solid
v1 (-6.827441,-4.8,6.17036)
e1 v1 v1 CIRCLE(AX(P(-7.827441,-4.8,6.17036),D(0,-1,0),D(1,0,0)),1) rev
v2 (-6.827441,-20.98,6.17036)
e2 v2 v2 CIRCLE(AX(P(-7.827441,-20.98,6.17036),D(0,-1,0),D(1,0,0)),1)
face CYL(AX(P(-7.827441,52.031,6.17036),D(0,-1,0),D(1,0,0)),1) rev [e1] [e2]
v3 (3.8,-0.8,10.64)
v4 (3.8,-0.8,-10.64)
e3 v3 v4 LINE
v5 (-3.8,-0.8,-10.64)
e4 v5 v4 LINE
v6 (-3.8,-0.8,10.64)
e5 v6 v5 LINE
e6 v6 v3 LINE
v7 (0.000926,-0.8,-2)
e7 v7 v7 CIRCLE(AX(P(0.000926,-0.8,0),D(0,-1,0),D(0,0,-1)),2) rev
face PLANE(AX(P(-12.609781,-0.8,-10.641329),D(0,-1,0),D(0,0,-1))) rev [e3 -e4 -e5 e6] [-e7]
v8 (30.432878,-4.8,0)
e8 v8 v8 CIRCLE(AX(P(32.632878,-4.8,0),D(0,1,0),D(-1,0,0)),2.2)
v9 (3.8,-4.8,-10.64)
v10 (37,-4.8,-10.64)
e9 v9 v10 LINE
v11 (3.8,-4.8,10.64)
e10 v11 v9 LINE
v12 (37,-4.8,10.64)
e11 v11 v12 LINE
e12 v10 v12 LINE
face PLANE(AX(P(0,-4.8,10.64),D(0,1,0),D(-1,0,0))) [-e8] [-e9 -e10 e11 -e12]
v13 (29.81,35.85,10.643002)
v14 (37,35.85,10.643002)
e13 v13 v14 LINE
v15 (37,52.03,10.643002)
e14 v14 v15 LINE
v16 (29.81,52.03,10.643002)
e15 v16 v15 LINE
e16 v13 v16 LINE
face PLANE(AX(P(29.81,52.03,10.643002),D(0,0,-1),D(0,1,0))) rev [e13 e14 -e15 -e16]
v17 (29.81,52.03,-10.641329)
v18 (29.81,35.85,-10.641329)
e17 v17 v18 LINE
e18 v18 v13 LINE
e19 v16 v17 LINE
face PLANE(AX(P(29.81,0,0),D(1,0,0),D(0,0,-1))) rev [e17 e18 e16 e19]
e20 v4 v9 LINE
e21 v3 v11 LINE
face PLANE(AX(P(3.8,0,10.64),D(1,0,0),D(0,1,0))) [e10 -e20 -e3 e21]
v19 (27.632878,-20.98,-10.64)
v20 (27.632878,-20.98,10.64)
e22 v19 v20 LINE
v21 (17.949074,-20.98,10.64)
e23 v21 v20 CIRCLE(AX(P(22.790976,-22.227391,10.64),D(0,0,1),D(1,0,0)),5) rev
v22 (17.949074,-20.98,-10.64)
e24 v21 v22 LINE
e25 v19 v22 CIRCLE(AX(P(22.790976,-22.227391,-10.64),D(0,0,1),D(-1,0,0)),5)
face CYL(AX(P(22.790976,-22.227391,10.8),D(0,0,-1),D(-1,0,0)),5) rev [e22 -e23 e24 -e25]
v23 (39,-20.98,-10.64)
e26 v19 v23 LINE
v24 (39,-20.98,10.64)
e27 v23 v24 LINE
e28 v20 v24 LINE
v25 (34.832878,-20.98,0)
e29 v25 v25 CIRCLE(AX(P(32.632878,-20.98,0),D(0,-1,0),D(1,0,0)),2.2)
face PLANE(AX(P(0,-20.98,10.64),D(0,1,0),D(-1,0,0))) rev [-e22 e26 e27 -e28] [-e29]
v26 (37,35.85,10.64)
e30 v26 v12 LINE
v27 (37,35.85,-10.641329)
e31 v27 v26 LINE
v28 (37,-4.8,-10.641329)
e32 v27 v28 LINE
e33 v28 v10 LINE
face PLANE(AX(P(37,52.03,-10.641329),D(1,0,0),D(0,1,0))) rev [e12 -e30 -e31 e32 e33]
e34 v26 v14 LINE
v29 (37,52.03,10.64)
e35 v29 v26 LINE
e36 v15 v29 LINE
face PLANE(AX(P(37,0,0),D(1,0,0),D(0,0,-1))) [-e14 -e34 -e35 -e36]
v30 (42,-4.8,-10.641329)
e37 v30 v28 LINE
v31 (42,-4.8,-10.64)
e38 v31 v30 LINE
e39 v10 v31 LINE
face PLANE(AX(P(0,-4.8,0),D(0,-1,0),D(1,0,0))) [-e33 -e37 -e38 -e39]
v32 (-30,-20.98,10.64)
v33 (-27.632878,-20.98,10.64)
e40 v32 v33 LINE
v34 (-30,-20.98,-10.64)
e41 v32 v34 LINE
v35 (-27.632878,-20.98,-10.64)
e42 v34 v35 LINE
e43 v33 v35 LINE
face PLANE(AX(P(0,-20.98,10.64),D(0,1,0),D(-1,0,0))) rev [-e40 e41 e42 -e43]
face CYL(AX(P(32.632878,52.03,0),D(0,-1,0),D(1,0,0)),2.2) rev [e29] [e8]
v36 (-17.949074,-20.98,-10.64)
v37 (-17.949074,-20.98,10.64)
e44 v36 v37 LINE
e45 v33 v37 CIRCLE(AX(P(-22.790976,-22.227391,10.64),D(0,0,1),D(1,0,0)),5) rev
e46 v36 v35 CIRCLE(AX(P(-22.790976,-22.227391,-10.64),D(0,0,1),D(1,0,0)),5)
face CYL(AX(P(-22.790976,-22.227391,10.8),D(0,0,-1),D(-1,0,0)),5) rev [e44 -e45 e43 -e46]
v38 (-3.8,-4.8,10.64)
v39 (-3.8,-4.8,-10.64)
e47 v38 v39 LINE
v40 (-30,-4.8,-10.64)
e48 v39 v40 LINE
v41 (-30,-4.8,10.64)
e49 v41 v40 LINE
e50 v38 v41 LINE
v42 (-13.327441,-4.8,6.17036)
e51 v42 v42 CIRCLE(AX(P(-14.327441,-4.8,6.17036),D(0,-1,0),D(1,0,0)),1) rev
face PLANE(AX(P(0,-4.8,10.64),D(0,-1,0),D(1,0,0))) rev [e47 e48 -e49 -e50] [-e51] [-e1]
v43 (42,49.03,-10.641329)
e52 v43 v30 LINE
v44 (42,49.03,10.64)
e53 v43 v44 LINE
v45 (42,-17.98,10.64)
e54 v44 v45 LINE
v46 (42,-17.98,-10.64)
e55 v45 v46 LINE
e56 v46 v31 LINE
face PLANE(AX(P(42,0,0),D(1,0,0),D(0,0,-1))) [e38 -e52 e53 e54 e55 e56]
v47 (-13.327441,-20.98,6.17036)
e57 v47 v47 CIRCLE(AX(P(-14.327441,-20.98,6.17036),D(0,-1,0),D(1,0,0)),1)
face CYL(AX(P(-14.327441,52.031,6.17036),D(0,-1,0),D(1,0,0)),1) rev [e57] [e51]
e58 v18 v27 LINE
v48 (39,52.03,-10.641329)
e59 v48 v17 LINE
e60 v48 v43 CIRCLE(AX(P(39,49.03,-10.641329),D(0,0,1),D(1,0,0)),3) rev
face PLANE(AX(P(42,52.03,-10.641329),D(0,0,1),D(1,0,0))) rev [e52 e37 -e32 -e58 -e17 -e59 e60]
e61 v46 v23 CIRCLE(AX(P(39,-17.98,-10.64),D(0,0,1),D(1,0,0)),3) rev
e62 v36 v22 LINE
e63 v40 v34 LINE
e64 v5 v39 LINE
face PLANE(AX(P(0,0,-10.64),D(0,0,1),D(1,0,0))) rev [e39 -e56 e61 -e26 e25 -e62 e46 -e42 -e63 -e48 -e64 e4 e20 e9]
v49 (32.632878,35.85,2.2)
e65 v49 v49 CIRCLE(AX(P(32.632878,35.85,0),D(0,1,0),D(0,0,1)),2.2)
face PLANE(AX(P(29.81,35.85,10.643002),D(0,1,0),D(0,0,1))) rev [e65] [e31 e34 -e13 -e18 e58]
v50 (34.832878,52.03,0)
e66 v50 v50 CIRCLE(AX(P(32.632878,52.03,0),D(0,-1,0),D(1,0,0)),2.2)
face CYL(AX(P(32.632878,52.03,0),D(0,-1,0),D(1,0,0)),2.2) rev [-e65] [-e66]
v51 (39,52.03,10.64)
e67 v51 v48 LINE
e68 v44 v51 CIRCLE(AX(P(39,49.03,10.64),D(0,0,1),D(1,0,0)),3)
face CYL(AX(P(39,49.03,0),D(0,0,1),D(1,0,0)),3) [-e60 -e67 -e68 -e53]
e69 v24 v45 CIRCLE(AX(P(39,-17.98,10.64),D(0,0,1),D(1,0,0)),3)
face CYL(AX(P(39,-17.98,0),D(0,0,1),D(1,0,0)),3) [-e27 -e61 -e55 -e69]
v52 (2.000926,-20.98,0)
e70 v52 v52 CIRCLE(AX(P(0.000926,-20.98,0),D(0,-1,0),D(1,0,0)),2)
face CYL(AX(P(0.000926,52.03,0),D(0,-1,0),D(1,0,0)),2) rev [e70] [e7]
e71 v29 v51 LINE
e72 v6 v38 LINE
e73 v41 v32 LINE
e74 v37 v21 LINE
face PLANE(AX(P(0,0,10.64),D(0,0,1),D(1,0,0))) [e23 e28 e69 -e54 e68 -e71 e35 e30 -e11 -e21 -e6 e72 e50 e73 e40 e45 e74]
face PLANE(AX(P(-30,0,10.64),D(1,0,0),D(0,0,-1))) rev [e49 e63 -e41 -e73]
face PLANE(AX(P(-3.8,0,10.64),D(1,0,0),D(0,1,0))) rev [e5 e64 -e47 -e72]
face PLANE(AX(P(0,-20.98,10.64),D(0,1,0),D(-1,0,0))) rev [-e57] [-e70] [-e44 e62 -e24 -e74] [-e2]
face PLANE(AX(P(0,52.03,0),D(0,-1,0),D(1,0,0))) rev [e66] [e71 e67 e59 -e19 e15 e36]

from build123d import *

# Parameters (mm, degrees)
BOSS_EXTRUDE1_DEPTH     = 10.8
BOSS_EXTRUDE2_DEPTH     = 10.64
CUT_EXTRUDE1_DEPTH      = 39.168054705
CUT_EXTRUDE1_DEPTH_BACK = 39.168054705
SKETCH5_R               = 5
FILLET1_R               = 1
SKETCH6_W               = 21.28
SKETCH6_H               = 16.18
BOSS_EXTRUDE3_DEPTH     = 12
SKETCH7_W               = 5
SKETCH7_H               = 21.281328743
BOSS_EXTRUDE4_DEPTH     = 56.83
SKETCH8_W               = 21.284331222
SKETCH8_H               = 16.18
BOSS_EXTRUDE5_DEPTH     = 7.19
FILLET3_R               = 3
SKETCH9_R               = 2.2
CUT_EXTRUDE2_DEPTH      = 85.918196519
SKETCH10_R              = 2
CUT_EXTRUDE3_DEPTH      = 85.918196519
SKETCH11_W              = 24.977296572
SKETCH11_H              = 9.721484234
CUT_EXTRUDE4_DEPTH      = 71.220021919
CUT_EXTRUDE5_REACH      = 86.898


with BuildPart() as part:
    # Sketch2 → Boss-Extrude1 (new body)
    with BuildSketch(Plane.XY):
        Polygon((-10.1, 0), (0, 0), (0, 7), (-6.25480432, 7), (-10.1, 1.709943763), align=None)
        Polygon((0, 0), (10.1, 0), (10.1, 1.709943763), (6.25480432, 7), (0, 7), align=None)
    extrude(amount=BOSS_EXTRUDE1_DEPTH)

    # Sketch4 → Boss-Extrude2 (add, symmetric)
    with BuildSketch(Plane.XY):
        Polygon((-3.8, 0), (-3.8, -4.8), (-30, -4.8), (-30, -20.98), (30, -20.98), (30, -4.8), (3.8, -4.8), (3.8, 0), align=None)
    extrude(amount=BOSS_EXTRUDE2_DEPTH, both=True)

    # Sketch5 → Cut-Extrude1 (cut, two sides: drawn at the far end of the back side and taken through both)
    with BuildSketch(Plane.XY.offset(-CUT_EXTRUDE1_DEPTH_BACK)):
        with Locations((-22.790976064, -22.227391232)):
            Circle(SKETCH5_R)
        with Locations((22.790976064, -22.227391232)):
            Circle(SKETCH5_R)
    extrude(amount=CUT_EXTRUDE1_DEPTH + CUT_EXTRUDE1_DEPTH_BACK, mode=Mode.SUBTRACT)

    # Fillet1
    fillet1_edges = [part.edges().sort_by_distance(p)[0] for p in [
        (-10.1, 0, 5.4),
        (-10.1, 1.709943763, 5.4),
        (-6.25480432, 7, 5.4),
        (6.25480432, 7, 5.4),
        (10.1, 1.709943763, 5.4),
        (10.1, 0, 5.4),
    ]]
    fillet(fillet1_edges, radius=FILLET1_R)

    # Sketch6 → Boss-Extrude3 (add)
    with BuildSketch(Plane(origin=(30, 0, 0), x_dir=(0, 0, -1), z_dir=(1, 0, 0))):
        with Locations((0, -12.89)):
            Rectangle(SKETCH6_W, SKETCH6_H)
    extrude(amount=BOSS_EXTRUDE3_DEPTH)

    # Sketch7 → Boss-Extrude4 (add)
    with BuildSketch(Plane(origin=(0, -4.8, 0), x_dir=(1, 0, 0), z_dir=(0, 1, 0))):
        with Locations((39.5, 0.000664372)):
            Rectangle(SKETCH7_W, SKETCH7_H)
    extrude(amount=BOSS_EXTRUDE4_DEPTH)

    # Sketch8 → Boss-Extrude5 (add)
    with BuildSketch(Plane.ZY.offset(-37)):
        with Locations((0.000836868, 43.94)):
            Rectangle(SKETCH8_W, SKETCH8_H)
    extrude(amount=BOSS_EXTRUDE5_DEPTH)

    # Fillet3
    fillet3_edges = [part.edges().sort_by_distance(p)[0] for p in [
        (42, -20.98, 0),
        (42, 52.03, -0.000664372),
    ]]
    fillet(fillet3_edges, radius=FILLET3_R)

    # Sketch9 → Cut-Extrude2 (cut, through all)
    with BuildSketch(Plane.XZ.offset(20.98)):
        with Locations((32.632878078, 0)):
            Circle(SKETCH9_R)
    extrude(amount=-CUT_EXTRUDE2_DEPTH, mode=Mode.SUBTRACT)

    # Sketch10 → Cut-Extrude3 (cut, through all)
    with BuildSketch(Plane.XZ.offset(20.98)):
        with Locations((0.000925951, 0)):
            Circle(SKETCH10_R)
    extrude(amount=-CUT_EXTRUDE3_DEPTH, mode=Mode.SUBTRACT)

    # Sketch11 → Cut-Extrude4 (cut, through all)
    with BuildSketch(Plane.XY.offset(10.8)):
        with Locations((-0.121132817, 4.060742117)):
            Rectangle(SKETCH11_W, SKETCH11_H)
    extrude(amount=-CUT_EXTRUDE4_DEPTH, mode=Mode.SUBTRACT)

    # Sketch13 → Cut-Extrude5 (cut, up to next)
    with BuildSketch(Plane.XZ.offset(20.98), mode=Mode.PRIVATE) as cut_extrude5_sk1:
        with BuildLine():
            ThreePointArc((-8.827441341, 6.170359992), (-7.827441341, 5.170359992), (-6.827441341, 6.170359992))
            ThreePointArc((-6.827441341, 6.170359992), (-7.827441341, 7.170359992), (-8.827441341, 6.170359992))
        make_face()
    cut_extrude5_tool1 = extrude(cut_extrude5_sk1.sketch, amount=-CUT_EXTRUDE5_REACH, mode=Mode.PRIVATE) & part.part
    # Sketch13 → Cut-Extrude5 (cut, up to next)
    with BuildSketch(Plane.XZ.offset(20.98), mode=Mode.PRIVATE) as cut_extrude5_sk2:
        with BuildLine():
            ThreePointArc((-13.327441341, 6.170359992), (-14.327441341, 7.170359992), (-15.327441341, 6.170359992))
            ThreePointArc((-15.327441341, 6.170359992), (-14.327441341, 5.170359992), (-13.327441341, 6.170359992))
        make_face()
    cut_extrude5_tool2 = extrude(cut_extrude5_sk2.sketch, amount=-CUT_EXTRUDE5_REACH, mode=Mode.PRIVATE) & part.part
    add(cut_extrude5_tool1.solids().sort_by_distance((-7.827441, -20.98, 6.17036))[0], mode=Mode.SUBTRACT)
    add(cut_extrude5_tool2.solids().sort_by_distance((-14.327441, -20.98, 6.17036))[0], mode=Mode.SUBTRACT)


solid = part.part
